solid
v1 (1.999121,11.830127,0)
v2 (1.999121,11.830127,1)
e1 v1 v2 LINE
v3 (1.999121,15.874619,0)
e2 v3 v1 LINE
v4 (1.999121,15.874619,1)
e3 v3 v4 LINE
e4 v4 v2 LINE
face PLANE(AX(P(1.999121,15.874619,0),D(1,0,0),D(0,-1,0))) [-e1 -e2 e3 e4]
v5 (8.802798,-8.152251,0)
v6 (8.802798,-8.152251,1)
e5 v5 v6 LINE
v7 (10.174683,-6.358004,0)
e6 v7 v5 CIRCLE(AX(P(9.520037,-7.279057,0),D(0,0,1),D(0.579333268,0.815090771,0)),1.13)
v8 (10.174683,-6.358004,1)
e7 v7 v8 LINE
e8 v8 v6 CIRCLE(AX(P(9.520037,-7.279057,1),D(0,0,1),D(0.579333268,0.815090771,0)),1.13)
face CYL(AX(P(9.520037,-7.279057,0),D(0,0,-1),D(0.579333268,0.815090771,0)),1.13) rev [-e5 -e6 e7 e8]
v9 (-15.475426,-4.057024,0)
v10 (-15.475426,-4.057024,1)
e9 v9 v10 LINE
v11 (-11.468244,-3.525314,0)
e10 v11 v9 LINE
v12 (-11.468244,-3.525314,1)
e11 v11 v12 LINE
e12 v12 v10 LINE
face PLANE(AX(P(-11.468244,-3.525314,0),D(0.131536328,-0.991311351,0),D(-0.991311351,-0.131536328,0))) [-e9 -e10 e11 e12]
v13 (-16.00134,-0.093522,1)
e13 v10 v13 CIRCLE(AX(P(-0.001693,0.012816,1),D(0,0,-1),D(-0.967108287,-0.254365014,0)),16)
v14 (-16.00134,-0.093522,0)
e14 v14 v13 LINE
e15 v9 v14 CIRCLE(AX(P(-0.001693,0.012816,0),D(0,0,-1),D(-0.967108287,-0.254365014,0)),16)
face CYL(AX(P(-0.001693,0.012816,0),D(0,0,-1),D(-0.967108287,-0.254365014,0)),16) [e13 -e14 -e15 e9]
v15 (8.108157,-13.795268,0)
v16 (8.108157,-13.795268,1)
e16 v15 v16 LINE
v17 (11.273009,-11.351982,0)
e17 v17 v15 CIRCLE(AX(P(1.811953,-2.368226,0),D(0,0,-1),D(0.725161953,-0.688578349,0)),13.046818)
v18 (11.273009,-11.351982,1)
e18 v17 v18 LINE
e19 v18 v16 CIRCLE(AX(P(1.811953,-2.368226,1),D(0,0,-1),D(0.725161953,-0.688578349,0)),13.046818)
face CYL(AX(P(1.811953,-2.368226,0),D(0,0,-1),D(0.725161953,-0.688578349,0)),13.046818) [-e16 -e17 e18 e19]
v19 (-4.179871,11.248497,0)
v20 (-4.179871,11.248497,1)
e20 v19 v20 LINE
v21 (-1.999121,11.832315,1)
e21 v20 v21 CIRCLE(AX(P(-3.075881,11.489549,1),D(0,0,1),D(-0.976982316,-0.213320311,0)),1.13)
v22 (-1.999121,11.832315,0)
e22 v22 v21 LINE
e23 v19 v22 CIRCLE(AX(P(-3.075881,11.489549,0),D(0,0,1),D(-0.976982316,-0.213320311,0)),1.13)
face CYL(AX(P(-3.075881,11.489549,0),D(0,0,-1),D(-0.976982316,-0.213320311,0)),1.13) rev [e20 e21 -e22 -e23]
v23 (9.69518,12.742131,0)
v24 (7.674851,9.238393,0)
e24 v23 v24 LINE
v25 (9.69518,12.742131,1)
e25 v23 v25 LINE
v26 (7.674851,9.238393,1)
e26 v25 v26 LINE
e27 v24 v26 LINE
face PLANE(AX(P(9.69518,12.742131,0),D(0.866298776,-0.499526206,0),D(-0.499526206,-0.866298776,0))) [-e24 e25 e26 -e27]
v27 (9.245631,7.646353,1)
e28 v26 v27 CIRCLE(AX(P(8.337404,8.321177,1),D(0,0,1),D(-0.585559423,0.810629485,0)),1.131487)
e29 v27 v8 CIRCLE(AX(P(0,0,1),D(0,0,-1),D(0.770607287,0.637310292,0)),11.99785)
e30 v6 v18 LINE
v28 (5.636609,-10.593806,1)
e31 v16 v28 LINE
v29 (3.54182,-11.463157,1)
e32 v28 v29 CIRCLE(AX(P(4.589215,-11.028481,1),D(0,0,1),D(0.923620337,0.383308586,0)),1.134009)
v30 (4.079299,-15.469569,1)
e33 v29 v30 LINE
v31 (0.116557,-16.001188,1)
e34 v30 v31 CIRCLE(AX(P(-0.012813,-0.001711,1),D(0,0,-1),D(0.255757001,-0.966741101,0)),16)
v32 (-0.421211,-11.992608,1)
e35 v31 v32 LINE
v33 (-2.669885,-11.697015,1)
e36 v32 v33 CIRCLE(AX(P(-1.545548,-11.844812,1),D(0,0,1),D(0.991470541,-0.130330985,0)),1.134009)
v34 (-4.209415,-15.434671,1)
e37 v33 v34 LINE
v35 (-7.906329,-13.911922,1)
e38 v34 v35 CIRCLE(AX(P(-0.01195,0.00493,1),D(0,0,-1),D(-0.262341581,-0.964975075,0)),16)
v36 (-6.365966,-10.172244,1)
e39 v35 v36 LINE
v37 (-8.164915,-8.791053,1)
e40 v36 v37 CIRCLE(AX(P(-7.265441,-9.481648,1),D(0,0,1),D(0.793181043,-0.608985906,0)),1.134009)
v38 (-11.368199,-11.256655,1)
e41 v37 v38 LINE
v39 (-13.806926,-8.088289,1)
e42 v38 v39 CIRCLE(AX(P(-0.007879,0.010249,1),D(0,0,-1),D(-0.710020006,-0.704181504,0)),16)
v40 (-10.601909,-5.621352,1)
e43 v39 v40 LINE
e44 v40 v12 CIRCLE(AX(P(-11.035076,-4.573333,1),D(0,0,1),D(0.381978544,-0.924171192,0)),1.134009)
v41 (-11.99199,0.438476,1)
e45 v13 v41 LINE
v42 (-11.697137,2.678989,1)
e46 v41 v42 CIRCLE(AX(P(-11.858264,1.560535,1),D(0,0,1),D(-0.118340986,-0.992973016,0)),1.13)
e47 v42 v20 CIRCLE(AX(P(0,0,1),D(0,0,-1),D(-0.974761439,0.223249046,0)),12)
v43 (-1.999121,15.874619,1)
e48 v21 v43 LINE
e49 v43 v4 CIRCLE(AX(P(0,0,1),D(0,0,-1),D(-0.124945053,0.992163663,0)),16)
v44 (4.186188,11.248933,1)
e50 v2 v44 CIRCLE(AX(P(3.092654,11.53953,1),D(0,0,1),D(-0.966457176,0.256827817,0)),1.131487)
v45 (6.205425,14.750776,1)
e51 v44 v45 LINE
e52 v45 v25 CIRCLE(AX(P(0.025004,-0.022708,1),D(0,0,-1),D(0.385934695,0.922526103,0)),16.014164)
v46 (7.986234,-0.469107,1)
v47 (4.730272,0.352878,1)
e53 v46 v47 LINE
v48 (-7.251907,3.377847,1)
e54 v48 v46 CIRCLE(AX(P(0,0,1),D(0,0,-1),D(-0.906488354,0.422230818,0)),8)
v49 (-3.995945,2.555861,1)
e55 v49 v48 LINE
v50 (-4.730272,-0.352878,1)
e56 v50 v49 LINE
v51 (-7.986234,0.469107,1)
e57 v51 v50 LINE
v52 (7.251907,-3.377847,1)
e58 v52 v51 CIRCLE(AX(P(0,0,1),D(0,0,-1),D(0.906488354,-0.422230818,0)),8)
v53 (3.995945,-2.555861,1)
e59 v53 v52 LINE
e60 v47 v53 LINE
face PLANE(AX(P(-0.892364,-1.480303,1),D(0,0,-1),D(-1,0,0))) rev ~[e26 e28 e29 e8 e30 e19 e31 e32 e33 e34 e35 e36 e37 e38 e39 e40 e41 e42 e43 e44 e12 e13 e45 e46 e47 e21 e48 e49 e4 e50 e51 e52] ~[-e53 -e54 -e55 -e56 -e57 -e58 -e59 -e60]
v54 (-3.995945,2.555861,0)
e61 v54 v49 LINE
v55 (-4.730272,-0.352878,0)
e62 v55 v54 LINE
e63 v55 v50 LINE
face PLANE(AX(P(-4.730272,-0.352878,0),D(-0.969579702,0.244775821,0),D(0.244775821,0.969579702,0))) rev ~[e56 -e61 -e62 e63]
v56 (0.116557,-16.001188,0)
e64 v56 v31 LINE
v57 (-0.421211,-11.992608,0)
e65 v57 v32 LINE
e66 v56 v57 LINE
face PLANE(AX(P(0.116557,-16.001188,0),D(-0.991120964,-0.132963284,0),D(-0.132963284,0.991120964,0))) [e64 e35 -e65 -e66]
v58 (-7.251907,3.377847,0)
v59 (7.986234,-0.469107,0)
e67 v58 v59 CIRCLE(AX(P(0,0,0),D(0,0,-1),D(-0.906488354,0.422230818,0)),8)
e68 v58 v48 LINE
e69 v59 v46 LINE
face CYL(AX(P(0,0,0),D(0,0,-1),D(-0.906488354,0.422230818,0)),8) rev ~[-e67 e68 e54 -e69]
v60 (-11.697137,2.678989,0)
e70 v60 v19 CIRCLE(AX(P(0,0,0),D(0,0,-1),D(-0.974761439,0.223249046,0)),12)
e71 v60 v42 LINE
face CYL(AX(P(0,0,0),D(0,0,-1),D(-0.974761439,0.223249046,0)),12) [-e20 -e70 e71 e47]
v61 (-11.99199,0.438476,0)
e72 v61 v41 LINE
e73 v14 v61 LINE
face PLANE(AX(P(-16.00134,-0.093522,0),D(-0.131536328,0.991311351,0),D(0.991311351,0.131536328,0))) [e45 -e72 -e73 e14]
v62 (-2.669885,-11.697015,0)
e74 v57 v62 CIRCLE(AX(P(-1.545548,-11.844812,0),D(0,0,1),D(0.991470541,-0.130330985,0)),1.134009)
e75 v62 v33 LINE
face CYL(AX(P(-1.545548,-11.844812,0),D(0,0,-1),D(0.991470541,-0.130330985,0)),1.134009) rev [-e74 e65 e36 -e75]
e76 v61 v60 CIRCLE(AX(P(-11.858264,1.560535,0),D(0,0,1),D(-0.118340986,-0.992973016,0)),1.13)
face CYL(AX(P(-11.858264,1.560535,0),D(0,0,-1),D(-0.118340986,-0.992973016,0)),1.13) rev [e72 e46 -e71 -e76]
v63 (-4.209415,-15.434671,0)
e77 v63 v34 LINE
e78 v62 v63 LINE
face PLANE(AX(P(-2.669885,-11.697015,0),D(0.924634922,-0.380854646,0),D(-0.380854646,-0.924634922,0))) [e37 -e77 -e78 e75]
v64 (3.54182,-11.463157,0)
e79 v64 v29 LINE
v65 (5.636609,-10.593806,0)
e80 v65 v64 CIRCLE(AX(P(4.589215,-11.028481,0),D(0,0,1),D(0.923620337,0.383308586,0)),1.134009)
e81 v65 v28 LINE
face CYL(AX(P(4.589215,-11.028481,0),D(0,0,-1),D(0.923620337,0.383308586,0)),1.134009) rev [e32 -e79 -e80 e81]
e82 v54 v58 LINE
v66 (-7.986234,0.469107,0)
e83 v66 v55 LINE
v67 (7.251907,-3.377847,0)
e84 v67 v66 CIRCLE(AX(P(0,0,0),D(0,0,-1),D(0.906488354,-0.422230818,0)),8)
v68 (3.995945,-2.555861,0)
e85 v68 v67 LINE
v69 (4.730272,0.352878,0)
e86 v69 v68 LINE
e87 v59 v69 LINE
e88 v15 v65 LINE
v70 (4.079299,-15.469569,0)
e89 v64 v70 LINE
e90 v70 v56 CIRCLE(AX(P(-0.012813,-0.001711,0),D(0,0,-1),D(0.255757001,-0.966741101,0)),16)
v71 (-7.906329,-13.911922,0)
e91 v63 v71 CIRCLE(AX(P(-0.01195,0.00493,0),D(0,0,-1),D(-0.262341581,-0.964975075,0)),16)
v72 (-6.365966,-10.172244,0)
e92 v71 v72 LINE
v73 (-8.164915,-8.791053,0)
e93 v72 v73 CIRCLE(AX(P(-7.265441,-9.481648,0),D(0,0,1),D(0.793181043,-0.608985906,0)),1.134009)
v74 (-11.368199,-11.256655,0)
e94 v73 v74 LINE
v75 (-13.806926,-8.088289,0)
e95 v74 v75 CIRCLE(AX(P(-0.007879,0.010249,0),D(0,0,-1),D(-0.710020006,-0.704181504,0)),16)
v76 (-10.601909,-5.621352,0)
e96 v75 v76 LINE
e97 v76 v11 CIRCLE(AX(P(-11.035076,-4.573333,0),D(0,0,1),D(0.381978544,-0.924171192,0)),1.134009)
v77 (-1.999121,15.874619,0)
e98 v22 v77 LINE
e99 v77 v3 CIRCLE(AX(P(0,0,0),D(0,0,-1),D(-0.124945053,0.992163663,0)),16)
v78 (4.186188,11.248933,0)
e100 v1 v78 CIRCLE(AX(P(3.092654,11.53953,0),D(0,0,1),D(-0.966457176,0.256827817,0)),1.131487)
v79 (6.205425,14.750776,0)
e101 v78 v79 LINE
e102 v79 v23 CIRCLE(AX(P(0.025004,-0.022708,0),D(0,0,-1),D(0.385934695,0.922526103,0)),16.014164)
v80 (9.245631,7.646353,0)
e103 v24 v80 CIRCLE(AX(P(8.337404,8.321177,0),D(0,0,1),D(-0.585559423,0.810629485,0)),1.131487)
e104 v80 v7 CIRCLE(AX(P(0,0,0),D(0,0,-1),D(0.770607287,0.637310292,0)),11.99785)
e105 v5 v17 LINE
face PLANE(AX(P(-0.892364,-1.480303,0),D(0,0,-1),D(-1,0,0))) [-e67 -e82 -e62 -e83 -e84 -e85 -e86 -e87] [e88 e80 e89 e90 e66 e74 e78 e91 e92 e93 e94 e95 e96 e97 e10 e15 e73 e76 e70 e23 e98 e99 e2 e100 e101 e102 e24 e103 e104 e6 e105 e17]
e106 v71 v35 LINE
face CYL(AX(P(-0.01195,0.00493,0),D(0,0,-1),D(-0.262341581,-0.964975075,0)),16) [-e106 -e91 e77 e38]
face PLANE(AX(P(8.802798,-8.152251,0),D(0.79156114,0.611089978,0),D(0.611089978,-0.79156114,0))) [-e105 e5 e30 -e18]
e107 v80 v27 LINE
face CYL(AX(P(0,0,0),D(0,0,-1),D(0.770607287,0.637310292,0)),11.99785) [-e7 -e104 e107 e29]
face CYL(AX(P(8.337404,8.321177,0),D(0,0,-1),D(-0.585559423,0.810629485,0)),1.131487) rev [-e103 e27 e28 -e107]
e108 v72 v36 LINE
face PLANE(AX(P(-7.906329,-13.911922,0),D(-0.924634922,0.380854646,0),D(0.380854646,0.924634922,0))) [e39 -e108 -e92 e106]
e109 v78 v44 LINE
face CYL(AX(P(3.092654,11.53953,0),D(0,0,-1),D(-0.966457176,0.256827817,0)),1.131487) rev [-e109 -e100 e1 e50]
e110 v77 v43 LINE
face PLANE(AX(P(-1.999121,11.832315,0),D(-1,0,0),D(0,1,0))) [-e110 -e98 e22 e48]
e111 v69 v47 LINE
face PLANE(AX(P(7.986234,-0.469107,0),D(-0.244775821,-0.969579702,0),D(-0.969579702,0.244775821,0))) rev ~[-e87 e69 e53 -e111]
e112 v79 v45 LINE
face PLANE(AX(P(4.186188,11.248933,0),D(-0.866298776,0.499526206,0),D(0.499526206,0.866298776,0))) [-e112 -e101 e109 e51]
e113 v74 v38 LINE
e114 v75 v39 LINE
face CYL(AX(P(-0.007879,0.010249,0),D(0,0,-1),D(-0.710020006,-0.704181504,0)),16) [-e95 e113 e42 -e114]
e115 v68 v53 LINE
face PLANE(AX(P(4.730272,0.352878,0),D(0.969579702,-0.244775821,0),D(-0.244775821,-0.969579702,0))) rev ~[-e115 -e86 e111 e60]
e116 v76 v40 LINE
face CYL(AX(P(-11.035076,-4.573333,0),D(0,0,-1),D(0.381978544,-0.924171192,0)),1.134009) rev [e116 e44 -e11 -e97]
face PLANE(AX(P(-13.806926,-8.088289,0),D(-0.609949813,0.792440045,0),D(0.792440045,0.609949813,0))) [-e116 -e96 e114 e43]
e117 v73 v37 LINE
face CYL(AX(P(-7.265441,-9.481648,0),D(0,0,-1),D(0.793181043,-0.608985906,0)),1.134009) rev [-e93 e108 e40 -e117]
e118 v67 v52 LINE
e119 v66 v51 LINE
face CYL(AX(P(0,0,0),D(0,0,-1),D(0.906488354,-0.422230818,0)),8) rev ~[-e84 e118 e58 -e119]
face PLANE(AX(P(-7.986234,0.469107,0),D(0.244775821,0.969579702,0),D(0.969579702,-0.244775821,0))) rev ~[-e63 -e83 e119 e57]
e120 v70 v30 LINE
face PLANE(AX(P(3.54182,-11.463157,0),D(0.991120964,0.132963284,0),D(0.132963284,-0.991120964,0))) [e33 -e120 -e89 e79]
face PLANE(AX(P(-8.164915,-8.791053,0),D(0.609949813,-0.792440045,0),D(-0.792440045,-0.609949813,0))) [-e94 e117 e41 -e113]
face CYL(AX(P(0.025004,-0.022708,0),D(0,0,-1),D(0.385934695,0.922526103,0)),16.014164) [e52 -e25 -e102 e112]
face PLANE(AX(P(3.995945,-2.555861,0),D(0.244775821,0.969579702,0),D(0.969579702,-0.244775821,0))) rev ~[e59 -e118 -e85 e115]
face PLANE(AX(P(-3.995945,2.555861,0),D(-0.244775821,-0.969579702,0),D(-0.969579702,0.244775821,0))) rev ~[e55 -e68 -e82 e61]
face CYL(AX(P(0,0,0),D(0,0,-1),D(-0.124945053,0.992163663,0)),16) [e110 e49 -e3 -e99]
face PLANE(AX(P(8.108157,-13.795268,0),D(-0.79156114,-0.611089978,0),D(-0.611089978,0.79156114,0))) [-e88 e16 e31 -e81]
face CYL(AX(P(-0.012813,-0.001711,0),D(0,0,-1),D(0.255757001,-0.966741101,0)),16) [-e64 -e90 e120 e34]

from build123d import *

# Parameters (mm, degrees)
EXTRUSION1_DEPTH = 1


with BuildPart() as part:
    # Esquisse1 → Extrusion1 (new body)
    with BuildSketch(Plane.XY):
        with BuildLine():
            Line((1.99912085, 15.874618604), (1.99912085, 11.830127492))
            ThreePointArc((1.99912085, 11.830127492), (2.802057184, 10.445996528), (4.186188149, 11.248932862))
            Line((4.186188149, 11.248932862), (6.205424959, 14.750775921))
            ThreePointArc((6.205424959, 14.750775921), (8.013684846, 13.856571787), (9.695180285, 12.742131148))
            Line((9.695180285, 12.742131148), (7.674850984, 9.238393448))
            ThreePointArc((7.674850984, 9.238393448), (7.531961719, 7.526490891), (9.245630513, 7.646353187))
            ThreePointArc((9.245630513, 7.646353187), (11.971535209, 0.794194802), (10.174683291, -6.358004449))
            ThreePointArc((10.174683291, -6.358004449), (8.622367496, -6.592697054), (8.80279787, -8.152251421))
            Line((8.80279787, -8.152251421), (11.27300937, -11.35198223))
            ThreePointArc((11.27300937, -11.35198223), (9.784733034, -12.695580008), (8.108156612, -13.795267665))
            Line((8.108156612, -13.795267665), (5.636608626, -10.593805669))
            ThreePointArc((5.636608626, -10.593805669), (4.154539047, -9.981087108), (3.541820486, -11.463156687))
            Line((3.541820486, -11.463156687), (4.079298509, -15.469568982))
            ThreePointArc((4.079298509, -15.469568982), (2.114599048, -15.859646786), (0.116557342, -16.00118833))
            Line((0.116557342, -16.00118833), (-0.42121148, -11.9926084))
            ThreePointArc((-0.42121148, -11.9926084), (-1.397751762, -10.720475015), (-2.669885147, -11.697015298))
            Line((-2.669885147, -11.697015298), (-4.209415427, -15.434670796))
            ThreePointArc((-4.209415427, -15.434670796), (-6.105624465, -14.78922835), (-7.906329329, -13.91192187))
            Line((-7.906329329, -13.91192187), (-6.3659661, -10.172244146))
            ThreePointArc((-6.3659661, -10.172244146), (-6.574845101, -8.58217376), (-8.164915488, -8.791052761))
            Line((-8.164915488, -8.791052761), (-11.3681991, -11.256655367))
            ThreePointArc((-11.3681991, -11.256655367), (-12.686919728, -9.748948309), (-13.806925878, -8.088288533))
            Line((-13.806925878, -8.088288533), (-10.601909158, -5.621351934))
            ThreePointArc((-10.601909158, -5.621351934), (-9.987057643, -4.140165962), (-11.468243615, -3.525314447))
            Line((-11.468243615, -3.525314447), (-15.475425513, -4.05702428))
            ThreePointArc((-15.475425513, -4.05702428), (-15.86267453, -2.091765297), (-16.001339545, -0.093521899))
            Line((-16.001339545, -0.093521899), (-11.991989597, 0.438475611))
            ThreePointArc((-11.991989597, 0.438475611), (-10.737924032, 1.413097931), (-11.69713727, 2.678988555))
            ThreePointArc((-11.69713727, 2.678988555), (-9.021028947, 7.913345483), (-4.179870655, 11.248496846))
            ThreePointArc((-4.179870655, 11.248496846), (-2.783654446, 10.397988514), (-1.99912085, 11.832314545))
            Line((-1.99912085, 11.832314545), (-1.99912085, 15.874618604))
            ThreePointArc((-1.99912085, 15.874618604), (0, 16), (1.99912085, 15.874618604))
        make_face()
        with BuildLine():
            Line((7.986234295, -0.469107442), (4.730272388, 0.352878359))
            Line((4.730272388, 0.352878359), (3.995944926, -2.555860746))
            Line((3.995944926, -2.555860746), (7.251906832, -3.377846547))
            ThreePointArc((7.251906832, -3.377846547), (-1.958206566, -7.756637612), (-7.986234295, 0.469107442))
            Line((-7.986234295, 0.469107442), (-4.730272388, -0.352878359))
            Line((-4.730272388, -0.352878359), (-3.995944926, 2.555860746))
            Line((-3.995944926, 2.555860746), (-7.251906832, 3.377846547))
            ThreePointArc((-7.251906832, 3.377846547), (1.958206566, 7.756637612), (7.986234295, -0.469107442))
        make_face(mode=Mode.SUBTRACT)
    extrude(amount=EXTRUSION1_DEPTH)


solid = part.part
